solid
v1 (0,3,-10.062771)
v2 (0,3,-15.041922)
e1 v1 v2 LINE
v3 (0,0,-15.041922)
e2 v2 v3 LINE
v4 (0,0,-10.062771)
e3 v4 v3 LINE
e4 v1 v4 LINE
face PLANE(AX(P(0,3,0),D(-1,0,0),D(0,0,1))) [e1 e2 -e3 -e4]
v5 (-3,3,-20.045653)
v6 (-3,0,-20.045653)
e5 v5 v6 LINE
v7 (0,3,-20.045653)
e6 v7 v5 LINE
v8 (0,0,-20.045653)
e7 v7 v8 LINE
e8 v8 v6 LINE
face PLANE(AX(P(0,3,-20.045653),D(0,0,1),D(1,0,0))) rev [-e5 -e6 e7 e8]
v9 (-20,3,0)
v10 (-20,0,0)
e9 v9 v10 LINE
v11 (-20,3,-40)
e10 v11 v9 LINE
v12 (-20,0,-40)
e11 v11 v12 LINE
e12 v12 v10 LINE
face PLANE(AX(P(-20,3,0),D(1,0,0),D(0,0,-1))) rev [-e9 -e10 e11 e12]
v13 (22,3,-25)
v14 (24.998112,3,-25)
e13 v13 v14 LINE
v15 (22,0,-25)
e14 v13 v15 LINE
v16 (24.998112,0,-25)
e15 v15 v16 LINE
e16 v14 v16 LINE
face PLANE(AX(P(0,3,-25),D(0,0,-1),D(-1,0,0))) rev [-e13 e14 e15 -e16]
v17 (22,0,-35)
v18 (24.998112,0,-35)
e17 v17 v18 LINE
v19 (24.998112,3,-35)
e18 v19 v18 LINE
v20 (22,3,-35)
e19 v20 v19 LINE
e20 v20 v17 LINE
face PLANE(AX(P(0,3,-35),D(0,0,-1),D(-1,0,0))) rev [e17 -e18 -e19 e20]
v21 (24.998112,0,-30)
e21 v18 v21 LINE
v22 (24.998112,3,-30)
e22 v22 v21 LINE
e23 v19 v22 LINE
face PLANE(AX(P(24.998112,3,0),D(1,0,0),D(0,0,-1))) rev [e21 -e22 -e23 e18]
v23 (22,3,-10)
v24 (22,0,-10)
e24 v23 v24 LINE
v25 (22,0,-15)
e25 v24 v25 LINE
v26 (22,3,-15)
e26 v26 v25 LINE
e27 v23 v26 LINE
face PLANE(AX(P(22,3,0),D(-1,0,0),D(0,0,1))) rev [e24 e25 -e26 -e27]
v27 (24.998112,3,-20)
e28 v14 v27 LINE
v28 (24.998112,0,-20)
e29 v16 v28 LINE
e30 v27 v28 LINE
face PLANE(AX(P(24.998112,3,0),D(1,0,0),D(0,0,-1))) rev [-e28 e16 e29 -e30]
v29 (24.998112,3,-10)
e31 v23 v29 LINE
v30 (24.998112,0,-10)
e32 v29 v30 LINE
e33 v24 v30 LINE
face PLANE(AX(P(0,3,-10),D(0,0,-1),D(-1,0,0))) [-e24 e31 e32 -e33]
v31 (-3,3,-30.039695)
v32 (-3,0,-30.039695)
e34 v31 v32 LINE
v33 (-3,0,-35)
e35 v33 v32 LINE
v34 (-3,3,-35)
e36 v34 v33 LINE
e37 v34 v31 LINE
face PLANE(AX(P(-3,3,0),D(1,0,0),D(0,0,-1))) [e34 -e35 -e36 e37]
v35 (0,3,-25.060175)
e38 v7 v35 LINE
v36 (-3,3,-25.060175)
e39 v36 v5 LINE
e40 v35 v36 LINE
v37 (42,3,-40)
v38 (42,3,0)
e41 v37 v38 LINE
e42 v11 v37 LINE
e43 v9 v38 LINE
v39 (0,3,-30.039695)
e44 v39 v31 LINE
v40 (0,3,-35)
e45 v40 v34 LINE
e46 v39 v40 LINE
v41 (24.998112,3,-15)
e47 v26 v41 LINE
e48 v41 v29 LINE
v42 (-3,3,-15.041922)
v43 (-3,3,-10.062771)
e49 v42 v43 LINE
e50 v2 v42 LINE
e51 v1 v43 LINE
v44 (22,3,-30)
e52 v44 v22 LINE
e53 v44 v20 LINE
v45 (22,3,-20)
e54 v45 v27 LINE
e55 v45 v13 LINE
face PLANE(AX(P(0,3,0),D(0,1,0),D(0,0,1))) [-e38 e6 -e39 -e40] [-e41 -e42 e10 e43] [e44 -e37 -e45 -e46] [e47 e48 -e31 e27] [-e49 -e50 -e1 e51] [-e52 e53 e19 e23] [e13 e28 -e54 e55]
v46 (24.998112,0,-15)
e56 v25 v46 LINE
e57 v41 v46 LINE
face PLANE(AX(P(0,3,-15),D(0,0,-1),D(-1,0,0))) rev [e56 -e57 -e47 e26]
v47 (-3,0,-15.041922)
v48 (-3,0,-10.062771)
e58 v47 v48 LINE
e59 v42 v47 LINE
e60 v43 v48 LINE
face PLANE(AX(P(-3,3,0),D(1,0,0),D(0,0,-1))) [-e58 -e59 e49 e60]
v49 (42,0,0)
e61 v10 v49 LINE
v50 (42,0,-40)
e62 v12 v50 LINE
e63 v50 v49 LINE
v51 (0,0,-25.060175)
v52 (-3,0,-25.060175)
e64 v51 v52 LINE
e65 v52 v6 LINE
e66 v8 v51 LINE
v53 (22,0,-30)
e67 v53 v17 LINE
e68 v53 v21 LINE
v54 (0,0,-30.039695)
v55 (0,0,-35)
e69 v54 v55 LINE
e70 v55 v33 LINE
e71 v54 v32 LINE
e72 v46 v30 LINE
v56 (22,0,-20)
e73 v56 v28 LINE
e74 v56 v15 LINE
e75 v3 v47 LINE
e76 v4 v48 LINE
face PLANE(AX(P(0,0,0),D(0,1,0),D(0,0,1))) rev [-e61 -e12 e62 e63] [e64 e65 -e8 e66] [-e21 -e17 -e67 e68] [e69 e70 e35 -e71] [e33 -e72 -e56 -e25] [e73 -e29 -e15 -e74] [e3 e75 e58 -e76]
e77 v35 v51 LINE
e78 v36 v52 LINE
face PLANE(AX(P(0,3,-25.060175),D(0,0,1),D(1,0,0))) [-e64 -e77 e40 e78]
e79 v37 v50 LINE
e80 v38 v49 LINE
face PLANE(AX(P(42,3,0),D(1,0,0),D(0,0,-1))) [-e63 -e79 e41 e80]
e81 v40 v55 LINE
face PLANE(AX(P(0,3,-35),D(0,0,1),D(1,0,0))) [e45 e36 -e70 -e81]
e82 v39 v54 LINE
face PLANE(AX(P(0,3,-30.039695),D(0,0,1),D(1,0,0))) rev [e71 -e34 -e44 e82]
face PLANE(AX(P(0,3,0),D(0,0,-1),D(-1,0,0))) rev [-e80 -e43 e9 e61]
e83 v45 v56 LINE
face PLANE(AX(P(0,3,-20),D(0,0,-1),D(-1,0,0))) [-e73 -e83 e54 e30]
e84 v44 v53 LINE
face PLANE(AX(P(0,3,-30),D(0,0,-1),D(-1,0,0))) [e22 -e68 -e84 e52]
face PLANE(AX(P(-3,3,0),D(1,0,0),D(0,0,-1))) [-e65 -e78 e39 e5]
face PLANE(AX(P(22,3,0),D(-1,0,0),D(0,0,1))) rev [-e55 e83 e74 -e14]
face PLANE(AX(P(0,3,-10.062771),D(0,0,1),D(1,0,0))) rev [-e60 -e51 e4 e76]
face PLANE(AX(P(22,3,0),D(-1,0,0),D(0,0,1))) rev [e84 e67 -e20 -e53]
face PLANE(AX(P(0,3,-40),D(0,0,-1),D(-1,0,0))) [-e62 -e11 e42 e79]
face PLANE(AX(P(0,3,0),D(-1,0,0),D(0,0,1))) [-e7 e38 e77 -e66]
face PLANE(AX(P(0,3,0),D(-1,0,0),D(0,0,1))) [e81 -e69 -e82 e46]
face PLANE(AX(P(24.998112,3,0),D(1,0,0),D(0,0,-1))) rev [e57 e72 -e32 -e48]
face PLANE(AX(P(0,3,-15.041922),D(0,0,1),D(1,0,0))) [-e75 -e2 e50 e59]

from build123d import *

# Parameters (mm, degrees)
BOSS_EXTRUDE1_DEPTH = 3


with BuildPart() as part:
    # Sketch1 → Boss-Extrude1 (new body)
    with BuildSketch(Plane(origin=(0, 0, 0), x_dir=(1, 0, 0), z_dir=(0, 1, 0))):
        Polygon((0, 10.062770525), (0, 0), (11, 0), (11, 40), (0, 40), (0, 35), (0, 30.039695182), (0, 25.060174836), (0, 20.045653409), (0, 15.041922169), align=None)
        Polygon((-20, 0), (0, 0), (0, 10.062770525), (-3, 10.062770525), (-3, 15.041922169), (0, 15.041922169), (0, 20.045653409), (-3, 20.045653409), (-3, 25.060174836), (0, 25.060174836), (0, 30.039695182), (-3, 30.039695182), (-3, 35), (0, 35), (0, 40), (-20, 40), align=None)
        Polygon((11, 40), (11, 0), (22, 0), (22, 10), (22, 15), (22, 20), (22, 25), (22, 30), (22, 35), (22, 40), align=None)
        Polygon((22, 10), (22, 0), (42, 0), (42, 40), (22, 40), (22, 35), (24.998112264, 35), (24.998112264, 30), (22, 30), (22, 25), (24.998112264, 25), (24.998112264, 20), (22, 20), (22, 15), (24.998112264, 15), (24.998112264, 10), align=None)
    extrude(amount=BOSS_EXTRUDE1_DEPTH)


solid = part.part
